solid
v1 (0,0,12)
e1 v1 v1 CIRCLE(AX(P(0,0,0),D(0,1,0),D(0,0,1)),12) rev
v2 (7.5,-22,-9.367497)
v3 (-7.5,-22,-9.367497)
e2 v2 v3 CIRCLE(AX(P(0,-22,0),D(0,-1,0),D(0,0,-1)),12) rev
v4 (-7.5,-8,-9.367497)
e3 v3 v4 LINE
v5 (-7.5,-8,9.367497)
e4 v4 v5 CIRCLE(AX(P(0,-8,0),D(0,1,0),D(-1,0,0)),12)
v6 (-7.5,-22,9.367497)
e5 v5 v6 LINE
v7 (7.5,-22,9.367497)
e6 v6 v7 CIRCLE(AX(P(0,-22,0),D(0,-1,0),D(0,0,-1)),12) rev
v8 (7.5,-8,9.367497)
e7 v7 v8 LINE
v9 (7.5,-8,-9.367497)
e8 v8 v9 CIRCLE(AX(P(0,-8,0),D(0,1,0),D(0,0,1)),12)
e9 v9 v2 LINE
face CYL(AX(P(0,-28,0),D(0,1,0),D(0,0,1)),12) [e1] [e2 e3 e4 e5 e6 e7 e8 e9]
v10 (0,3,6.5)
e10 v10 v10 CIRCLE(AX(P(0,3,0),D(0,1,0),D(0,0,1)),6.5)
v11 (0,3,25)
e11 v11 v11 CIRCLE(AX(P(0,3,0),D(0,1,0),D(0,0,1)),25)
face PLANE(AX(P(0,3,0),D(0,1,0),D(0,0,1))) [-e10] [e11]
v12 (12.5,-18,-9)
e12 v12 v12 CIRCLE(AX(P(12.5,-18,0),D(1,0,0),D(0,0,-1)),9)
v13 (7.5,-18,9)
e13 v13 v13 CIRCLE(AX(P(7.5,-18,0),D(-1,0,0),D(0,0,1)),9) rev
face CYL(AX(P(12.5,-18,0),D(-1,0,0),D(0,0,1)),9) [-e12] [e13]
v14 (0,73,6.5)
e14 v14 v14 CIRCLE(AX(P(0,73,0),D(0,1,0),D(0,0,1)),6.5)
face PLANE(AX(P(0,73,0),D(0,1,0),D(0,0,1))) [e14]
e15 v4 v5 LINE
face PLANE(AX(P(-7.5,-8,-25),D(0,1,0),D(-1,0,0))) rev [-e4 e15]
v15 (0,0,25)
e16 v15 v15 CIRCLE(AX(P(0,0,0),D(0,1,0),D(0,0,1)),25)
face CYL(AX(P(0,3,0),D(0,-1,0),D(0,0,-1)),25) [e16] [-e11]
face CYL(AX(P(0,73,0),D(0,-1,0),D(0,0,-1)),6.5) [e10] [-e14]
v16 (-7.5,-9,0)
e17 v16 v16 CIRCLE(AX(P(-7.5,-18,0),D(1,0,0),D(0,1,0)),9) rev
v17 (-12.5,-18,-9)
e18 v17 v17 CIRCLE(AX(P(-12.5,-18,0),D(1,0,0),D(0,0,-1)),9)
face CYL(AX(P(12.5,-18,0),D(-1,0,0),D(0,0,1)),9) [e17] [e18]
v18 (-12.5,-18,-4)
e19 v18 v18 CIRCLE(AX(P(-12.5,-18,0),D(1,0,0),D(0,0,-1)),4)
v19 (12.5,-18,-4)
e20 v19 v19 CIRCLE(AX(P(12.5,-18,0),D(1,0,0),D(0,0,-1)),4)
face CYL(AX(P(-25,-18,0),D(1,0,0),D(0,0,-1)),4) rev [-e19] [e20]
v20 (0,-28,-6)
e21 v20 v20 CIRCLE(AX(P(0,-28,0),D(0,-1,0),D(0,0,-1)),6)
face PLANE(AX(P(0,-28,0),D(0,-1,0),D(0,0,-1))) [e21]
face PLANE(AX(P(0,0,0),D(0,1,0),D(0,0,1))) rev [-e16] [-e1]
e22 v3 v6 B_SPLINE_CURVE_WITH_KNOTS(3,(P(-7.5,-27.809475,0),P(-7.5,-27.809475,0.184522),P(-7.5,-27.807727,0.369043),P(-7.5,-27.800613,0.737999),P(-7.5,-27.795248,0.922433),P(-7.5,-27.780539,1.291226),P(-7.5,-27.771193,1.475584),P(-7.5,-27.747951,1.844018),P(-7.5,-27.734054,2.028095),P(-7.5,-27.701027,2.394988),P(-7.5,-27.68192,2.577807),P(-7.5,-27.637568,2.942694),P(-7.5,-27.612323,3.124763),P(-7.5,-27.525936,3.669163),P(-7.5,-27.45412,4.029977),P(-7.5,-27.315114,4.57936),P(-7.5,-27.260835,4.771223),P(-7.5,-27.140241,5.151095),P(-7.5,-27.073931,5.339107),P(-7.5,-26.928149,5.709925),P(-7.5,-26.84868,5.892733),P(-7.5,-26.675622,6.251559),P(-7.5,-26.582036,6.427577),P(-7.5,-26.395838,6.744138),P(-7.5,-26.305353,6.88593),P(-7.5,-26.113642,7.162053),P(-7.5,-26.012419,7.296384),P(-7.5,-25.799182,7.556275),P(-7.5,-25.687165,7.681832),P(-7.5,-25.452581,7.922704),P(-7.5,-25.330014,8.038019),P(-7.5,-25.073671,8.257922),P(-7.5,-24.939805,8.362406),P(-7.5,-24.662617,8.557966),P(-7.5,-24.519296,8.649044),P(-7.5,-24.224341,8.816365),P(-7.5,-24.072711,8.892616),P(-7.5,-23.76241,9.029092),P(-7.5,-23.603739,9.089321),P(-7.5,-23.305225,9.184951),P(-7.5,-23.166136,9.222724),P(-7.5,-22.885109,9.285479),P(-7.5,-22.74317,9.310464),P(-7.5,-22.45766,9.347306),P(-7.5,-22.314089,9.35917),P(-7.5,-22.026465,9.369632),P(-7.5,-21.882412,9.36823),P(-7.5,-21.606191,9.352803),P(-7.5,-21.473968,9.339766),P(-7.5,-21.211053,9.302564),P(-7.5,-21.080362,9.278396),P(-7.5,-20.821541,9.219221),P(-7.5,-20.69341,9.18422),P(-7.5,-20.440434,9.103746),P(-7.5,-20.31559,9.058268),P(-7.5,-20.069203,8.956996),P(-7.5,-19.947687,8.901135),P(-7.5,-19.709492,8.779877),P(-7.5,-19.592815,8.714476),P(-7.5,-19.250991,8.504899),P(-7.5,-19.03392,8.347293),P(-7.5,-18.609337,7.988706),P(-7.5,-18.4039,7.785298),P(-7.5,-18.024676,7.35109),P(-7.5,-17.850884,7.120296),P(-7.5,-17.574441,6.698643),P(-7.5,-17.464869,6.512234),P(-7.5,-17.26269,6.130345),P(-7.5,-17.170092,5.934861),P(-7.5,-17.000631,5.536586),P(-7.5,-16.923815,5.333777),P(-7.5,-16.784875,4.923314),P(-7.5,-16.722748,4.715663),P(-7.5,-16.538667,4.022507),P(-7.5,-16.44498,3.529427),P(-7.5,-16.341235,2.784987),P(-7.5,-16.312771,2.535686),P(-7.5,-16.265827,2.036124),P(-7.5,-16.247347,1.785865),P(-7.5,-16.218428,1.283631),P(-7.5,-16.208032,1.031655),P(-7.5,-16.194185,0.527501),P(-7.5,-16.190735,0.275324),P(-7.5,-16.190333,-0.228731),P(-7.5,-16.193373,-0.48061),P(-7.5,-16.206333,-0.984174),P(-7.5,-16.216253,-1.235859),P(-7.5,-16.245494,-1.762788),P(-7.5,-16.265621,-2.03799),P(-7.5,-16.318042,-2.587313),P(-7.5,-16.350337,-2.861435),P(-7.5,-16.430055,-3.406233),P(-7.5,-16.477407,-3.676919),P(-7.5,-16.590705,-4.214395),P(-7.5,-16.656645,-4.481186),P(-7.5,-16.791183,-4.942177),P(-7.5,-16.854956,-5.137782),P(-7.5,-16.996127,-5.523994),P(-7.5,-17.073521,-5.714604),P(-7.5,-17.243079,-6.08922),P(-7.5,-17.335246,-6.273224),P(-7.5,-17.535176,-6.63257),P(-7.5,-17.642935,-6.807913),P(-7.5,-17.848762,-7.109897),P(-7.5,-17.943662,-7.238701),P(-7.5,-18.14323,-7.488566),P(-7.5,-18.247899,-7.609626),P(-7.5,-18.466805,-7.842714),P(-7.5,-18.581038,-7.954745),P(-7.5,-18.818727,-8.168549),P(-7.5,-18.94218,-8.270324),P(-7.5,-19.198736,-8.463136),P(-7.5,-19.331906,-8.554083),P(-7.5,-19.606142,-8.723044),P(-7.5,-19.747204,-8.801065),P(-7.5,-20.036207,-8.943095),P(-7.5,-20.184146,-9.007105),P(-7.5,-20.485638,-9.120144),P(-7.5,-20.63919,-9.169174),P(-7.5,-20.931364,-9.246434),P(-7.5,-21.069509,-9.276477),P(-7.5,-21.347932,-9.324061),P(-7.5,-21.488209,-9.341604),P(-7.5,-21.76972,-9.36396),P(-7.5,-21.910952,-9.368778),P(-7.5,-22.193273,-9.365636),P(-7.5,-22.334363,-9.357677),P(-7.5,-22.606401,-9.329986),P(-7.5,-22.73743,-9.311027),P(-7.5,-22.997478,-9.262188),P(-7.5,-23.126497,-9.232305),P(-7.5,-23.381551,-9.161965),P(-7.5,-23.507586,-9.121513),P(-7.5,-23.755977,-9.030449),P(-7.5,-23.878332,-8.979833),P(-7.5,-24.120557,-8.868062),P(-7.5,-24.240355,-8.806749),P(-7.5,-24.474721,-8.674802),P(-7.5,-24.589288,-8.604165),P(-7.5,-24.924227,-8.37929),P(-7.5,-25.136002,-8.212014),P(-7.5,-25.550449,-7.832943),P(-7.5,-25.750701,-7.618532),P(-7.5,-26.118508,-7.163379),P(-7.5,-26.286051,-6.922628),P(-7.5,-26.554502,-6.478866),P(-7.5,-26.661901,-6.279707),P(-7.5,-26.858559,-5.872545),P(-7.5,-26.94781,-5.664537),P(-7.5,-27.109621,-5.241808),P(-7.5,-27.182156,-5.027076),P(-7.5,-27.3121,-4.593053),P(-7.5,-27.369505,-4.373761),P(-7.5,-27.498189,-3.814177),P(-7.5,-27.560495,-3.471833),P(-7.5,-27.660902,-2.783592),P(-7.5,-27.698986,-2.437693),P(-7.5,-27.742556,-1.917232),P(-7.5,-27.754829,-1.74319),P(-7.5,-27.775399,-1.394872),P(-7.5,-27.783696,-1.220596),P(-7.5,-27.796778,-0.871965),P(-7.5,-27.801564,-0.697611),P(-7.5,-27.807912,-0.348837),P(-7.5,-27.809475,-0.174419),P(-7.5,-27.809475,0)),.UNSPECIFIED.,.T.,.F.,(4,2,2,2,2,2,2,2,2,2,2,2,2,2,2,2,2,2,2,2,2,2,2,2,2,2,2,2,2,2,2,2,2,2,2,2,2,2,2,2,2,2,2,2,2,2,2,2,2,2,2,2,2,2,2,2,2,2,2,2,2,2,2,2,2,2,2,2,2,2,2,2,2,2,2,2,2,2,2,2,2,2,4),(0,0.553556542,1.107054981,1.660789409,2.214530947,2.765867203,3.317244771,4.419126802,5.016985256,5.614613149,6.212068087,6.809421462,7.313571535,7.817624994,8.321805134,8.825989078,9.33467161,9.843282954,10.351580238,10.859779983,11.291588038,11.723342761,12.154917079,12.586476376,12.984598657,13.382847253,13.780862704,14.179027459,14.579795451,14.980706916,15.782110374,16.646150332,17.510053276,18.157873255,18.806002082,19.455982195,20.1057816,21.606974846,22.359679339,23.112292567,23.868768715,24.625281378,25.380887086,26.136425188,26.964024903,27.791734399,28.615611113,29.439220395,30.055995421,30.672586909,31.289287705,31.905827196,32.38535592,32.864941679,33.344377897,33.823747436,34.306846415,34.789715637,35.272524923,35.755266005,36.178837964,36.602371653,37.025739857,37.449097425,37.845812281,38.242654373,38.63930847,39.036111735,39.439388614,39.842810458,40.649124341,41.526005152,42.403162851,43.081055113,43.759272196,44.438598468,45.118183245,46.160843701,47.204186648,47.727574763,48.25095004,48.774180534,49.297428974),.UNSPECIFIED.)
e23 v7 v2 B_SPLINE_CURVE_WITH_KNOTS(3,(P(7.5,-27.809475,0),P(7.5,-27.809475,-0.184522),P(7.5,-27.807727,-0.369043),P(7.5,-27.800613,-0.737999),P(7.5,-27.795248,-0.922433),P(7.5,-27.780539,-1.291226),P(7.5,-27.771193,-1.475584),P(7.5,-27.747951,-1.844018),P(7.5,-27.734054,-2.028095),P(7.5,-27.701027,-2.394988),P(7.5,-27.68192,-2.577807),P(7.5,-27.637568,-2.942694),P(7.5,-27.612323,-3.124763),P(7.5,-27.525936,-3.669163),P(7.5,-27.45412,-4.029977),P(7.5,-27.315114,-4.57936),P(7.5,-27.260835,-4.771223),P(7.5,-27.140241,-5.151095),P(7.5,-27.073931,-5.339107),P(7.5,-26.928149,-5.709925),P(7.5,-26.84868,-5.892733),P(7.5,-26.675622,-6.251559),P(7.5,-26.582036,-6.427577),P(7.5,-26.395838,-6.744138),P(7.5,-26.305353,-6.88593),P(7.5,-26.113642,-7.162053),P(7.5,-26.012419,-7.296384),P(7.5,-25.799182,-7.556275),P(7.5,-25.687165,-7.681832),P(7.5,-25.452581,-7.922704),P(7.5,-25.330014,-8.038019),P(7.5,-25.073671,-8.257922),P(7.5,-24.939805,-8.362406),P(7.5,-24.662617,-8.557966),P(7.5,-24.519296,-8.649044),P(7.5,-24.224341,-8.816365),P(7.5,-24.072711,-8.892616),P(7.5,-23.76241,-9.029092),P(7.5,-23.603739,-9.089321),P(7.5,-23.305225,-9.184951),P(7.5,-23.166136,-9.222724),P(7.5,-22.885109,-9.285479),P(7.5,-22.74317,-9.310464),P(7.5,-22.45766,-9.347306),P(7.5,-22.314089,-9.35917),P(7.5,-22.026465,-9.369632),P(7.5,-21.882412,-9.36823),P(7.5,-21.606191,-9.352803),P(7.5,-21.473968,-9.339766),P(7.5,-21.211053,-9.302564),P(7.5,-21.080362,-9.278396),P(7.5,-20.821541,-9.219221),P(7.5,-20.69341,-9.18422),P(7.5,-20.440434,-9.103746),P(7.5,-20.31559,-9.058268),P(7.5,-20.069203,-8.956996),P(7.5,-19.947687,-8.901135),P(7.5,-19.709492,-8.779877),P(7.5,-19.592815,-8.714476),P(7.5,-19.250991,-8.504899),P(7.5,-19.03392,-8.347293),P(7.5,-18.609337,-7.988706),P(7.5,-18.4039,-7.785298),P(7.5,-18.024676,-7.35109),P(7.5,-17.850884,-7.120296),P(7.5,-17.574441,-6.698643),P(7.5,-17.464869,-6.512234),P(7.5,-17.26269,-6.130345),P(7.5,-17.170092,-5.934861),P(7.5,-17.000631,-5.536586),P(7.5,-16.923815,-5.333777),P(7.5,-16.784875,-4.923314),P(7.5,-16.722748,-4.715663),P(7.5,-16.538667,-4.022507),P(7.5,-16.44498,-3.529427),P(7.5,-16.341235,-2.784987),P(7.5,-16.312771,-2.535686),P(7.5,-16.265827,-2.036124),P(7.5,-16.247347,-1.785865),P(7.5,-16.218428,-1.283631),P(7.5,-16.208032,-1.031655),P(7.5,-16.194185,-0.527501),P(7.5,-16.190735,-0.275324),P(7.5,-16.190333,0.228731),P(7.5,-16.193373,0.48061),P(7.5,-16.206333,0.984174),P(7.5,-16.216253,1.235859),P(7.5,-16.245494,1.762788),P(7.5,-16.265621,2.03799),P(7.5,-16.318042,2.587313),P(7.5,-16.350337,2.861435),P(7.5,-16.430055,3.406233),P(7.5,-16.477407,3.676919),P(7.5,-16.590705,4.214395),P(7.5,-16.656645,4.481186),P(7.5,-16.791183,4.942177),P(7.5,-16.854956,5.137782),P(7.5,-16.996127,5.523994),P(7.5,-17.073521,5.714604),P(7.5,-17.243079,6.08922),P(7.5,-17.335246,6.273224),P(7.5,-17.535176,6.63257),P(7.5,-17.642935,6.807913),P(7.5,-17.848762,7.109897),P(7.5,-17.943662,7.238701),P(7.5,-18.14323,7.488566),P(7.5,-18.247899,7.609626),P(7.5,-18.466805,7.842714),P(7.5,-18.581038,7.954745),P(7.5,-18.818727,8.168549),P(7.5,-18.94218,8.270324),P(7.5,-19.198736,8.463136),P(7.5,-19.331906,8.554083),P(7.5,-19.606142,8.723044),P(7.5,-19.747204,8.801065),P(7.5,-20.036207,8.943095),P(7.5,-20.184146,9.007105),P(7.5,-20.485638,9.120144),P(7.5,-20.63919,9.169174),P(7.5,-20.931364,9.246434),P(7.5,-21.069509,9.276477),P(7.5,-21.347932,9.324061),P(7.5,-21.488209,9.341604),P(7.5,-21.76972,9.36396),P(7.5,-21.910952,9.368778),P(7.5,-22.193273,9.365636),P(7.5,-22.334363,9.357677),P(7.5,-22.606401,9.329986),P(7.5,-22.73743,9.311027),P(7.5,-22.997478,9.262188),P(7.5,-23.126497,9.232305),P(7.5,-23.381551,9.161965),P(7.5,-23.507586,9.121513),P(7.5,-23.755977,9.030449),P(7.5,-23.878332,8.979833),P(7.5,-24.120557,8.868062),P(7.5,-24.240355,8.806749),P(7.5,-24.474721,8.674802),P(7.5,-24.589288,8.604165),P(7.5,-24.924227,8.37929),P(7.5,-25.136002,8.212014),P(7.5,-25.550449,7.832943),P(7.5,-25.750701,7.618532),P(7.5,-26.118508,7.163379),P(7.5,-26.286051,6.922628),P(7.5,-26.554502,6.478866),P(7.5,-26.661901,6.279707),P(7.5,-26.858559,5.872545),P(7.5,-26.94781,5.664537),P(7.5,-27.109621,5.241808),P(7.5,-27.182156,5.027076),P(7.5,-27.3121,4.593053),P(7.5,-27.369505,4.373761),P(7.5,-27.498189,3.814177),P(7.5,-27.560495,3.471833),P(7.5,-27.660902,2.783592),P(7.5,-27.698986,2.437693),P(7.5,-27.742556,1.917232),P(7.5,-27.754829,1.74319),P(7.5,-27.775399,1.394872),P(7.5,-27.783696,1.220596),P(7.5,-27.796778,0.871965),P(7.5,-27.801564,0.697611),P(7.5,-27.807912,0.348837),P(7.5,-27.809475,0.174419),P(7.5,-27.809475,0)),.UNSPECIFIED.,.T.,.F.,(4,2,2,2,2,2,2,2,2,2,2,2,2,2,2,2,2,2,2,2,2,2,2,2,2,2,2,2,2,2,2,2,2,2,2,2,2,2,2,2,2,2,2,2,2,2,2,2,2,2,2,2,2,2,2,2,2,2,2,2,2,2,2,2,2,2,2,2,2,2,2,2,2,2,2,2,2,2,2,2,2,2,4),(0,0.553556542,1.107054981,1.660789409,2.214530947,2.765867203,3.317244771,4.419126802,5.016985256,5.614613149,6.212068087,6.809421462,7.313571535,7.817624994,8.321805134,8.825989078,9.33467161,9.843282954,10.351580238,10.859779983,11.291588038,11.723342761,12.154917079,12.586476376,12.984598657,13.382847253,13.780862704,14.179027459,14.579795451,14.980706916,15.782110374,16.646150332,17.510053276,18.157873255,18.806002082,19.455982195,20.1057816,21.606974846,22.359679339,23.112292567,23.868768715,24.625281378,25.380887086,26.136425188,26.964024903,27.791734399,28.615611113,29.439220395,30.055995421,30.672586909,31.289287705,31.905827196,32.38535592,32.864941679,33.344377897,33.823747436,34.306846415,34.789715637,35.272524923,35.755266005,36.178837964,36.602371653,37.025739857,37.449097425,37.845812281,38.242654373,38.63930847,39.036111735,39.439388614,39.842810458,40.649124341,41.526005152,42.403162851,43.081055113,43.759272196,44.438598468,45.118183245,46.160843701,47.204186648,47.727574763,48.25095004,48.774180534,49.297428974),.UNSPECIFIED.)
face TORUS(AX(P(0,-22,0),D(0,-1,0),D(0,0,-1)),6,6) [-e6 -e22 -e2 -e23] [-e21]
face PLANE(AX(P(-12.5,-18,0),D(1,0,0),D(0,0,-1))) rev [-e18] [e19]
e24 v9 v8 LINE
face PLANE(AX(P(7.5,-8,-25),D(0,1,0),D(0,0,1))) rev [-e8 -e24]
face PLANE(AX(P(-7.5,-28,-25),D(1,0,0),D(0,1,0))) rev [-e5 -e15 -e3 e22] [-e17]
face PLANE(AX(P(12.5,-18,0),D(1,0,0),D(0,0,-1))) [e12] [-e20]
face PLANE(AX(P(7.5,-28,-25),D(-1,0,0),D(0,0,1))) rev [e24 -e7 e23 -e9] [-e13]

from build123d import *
from build123d.topology import SkipClean

# Parameters (mm, degrees)
SKETCH1_R               = 25
BOSS_EXTRUDE1_DEPTH     = 3
SKETCH2_R               = 6.5
BOSS_EXTRUDE2_DEPTH     = 70
SKETCH3_R               = 12
BOSS_EXTRUDE3_DEPTH     = 28
FILLET1_R               = 6
CUT_EXTRUDE1_DEPTH      = 82.111035008
CUT_EXTRUDE1_DEPTH_BACK = 82.111035008
SKETCH4_W               = 15
SKETCH4_H               = 20
CUT_EXTRUDE2_DEPTH      = 84.727235712
CUT_EXTRUDE2_DEPTH_BACK = 84.727235712
SKETCH5_R               = 4
SKETCH7_R               = 9
SKETCH7_R_2             = 4
BOSS_EXTRUDE4_DEPTH     = 12.5


with BuildPart() as part:
    # Sketch1 → Boss-Extrude1 (new body)
    with BuildSketch(Plane(origin=(0, 0, 0), x_dir=(1, 0, 0), z_dir=(0, 1, 0))):
        with Locations(Location((0, 0, 0), (0, 0, 270))):
            Circle(SKETCH1_R)
    extrude(amount=BOSS_EXTRUDE1_DEPTH)

    # Sketch2 → Boss-Extrude2 (add)
    with BuildSketch(Plane(origin=(0, 3, 0), x_dir=(1, 0, 0), z_dir=(0, 1, 0))):
        with Locations(Location((0, 0, 0), (0, 0, 270))):
            Circle(SKETCH2_R)
    extrude(amount=BOSS_EXTRUDE2_DEPTH)

    # Sketch3 → Boss-Extrude3 (add)
    with BuildSketch(Plane.XZ):
        with Locations(Location((0, 0, 0), (0, 0, 90))):
            Circle(SKETCH3_R)
    extrude(amount=BOSS_EXTRUDE3_DEPTH)

    # Fillet1
    fillet1_edges = [part.edges().sort_by_distance(p)[0] for p in [
        (0, -28, -12),
    ]]
    fillet(fillet1_edges, radius=FILLET1_R)

    # Sketch4 → Cut-Extrude1 (cut, two sides: drawn at the far end of the back side and taken through both)
    with BuildSketch(Plane.XY.offset(-CUT_EXTRUDE1_DEPTH_BACK)):
        with Locations((-15, -18)):
            Rectangle(SKETCH4_W, SKETCH4_H)
        with Locations((15, -18)):
            Rectangle(SKETCH4_W, SKETCH4_H)
    extrude(amount=CUT_EXTRUDE1_DEPTH + CUT_EXTRUDE1_DEPTH_BACK, mode=Mode.SUBTRACT)

    # Sketch5 → Cut-Extrude2 (cut, two sides: drawn at the far end of the back side and taken through both)
    with BuildSketch(Plane(origin=(7.5, 0, 0), x_dir=(0, 0, -1), z_dir=(1, 0, 0)).offset(-CUT_EXTRUDE2_DEPTH_BACK)):
        with Locations(Location((0, -18, 0), (0, 0, 90))):
            Circle(SKETCH5_R)
    extrude(amount=CUT_EXTRUDE2_DEPTH + CUT_EXTRUDE2_DEPTH_BACK, mode=Mode.SUBTRACT)

    # Sketch7 → Boss-Extrude4 (add, symmetric)
    with SkipClean():  # the faces are left unmerged after this step: merging them gives an invalid solid
        with BuildSketch(Plane(origin=(0, 0, 0), x_dir=(0, 0, -1), z_dir=(1, 0, 0))):
            with Locations(Location((0, -18, 0), (0, 0, 90))):
                Circle(SKETCH7_R)
            with Locations((0, -18)):
                Circle(SKETCH7_R_2, mode=Mode.SUBTRACT)
        extrude(amount=BOSS_EXTRUDE4_DEPTH, both=True)


solid = part.part
